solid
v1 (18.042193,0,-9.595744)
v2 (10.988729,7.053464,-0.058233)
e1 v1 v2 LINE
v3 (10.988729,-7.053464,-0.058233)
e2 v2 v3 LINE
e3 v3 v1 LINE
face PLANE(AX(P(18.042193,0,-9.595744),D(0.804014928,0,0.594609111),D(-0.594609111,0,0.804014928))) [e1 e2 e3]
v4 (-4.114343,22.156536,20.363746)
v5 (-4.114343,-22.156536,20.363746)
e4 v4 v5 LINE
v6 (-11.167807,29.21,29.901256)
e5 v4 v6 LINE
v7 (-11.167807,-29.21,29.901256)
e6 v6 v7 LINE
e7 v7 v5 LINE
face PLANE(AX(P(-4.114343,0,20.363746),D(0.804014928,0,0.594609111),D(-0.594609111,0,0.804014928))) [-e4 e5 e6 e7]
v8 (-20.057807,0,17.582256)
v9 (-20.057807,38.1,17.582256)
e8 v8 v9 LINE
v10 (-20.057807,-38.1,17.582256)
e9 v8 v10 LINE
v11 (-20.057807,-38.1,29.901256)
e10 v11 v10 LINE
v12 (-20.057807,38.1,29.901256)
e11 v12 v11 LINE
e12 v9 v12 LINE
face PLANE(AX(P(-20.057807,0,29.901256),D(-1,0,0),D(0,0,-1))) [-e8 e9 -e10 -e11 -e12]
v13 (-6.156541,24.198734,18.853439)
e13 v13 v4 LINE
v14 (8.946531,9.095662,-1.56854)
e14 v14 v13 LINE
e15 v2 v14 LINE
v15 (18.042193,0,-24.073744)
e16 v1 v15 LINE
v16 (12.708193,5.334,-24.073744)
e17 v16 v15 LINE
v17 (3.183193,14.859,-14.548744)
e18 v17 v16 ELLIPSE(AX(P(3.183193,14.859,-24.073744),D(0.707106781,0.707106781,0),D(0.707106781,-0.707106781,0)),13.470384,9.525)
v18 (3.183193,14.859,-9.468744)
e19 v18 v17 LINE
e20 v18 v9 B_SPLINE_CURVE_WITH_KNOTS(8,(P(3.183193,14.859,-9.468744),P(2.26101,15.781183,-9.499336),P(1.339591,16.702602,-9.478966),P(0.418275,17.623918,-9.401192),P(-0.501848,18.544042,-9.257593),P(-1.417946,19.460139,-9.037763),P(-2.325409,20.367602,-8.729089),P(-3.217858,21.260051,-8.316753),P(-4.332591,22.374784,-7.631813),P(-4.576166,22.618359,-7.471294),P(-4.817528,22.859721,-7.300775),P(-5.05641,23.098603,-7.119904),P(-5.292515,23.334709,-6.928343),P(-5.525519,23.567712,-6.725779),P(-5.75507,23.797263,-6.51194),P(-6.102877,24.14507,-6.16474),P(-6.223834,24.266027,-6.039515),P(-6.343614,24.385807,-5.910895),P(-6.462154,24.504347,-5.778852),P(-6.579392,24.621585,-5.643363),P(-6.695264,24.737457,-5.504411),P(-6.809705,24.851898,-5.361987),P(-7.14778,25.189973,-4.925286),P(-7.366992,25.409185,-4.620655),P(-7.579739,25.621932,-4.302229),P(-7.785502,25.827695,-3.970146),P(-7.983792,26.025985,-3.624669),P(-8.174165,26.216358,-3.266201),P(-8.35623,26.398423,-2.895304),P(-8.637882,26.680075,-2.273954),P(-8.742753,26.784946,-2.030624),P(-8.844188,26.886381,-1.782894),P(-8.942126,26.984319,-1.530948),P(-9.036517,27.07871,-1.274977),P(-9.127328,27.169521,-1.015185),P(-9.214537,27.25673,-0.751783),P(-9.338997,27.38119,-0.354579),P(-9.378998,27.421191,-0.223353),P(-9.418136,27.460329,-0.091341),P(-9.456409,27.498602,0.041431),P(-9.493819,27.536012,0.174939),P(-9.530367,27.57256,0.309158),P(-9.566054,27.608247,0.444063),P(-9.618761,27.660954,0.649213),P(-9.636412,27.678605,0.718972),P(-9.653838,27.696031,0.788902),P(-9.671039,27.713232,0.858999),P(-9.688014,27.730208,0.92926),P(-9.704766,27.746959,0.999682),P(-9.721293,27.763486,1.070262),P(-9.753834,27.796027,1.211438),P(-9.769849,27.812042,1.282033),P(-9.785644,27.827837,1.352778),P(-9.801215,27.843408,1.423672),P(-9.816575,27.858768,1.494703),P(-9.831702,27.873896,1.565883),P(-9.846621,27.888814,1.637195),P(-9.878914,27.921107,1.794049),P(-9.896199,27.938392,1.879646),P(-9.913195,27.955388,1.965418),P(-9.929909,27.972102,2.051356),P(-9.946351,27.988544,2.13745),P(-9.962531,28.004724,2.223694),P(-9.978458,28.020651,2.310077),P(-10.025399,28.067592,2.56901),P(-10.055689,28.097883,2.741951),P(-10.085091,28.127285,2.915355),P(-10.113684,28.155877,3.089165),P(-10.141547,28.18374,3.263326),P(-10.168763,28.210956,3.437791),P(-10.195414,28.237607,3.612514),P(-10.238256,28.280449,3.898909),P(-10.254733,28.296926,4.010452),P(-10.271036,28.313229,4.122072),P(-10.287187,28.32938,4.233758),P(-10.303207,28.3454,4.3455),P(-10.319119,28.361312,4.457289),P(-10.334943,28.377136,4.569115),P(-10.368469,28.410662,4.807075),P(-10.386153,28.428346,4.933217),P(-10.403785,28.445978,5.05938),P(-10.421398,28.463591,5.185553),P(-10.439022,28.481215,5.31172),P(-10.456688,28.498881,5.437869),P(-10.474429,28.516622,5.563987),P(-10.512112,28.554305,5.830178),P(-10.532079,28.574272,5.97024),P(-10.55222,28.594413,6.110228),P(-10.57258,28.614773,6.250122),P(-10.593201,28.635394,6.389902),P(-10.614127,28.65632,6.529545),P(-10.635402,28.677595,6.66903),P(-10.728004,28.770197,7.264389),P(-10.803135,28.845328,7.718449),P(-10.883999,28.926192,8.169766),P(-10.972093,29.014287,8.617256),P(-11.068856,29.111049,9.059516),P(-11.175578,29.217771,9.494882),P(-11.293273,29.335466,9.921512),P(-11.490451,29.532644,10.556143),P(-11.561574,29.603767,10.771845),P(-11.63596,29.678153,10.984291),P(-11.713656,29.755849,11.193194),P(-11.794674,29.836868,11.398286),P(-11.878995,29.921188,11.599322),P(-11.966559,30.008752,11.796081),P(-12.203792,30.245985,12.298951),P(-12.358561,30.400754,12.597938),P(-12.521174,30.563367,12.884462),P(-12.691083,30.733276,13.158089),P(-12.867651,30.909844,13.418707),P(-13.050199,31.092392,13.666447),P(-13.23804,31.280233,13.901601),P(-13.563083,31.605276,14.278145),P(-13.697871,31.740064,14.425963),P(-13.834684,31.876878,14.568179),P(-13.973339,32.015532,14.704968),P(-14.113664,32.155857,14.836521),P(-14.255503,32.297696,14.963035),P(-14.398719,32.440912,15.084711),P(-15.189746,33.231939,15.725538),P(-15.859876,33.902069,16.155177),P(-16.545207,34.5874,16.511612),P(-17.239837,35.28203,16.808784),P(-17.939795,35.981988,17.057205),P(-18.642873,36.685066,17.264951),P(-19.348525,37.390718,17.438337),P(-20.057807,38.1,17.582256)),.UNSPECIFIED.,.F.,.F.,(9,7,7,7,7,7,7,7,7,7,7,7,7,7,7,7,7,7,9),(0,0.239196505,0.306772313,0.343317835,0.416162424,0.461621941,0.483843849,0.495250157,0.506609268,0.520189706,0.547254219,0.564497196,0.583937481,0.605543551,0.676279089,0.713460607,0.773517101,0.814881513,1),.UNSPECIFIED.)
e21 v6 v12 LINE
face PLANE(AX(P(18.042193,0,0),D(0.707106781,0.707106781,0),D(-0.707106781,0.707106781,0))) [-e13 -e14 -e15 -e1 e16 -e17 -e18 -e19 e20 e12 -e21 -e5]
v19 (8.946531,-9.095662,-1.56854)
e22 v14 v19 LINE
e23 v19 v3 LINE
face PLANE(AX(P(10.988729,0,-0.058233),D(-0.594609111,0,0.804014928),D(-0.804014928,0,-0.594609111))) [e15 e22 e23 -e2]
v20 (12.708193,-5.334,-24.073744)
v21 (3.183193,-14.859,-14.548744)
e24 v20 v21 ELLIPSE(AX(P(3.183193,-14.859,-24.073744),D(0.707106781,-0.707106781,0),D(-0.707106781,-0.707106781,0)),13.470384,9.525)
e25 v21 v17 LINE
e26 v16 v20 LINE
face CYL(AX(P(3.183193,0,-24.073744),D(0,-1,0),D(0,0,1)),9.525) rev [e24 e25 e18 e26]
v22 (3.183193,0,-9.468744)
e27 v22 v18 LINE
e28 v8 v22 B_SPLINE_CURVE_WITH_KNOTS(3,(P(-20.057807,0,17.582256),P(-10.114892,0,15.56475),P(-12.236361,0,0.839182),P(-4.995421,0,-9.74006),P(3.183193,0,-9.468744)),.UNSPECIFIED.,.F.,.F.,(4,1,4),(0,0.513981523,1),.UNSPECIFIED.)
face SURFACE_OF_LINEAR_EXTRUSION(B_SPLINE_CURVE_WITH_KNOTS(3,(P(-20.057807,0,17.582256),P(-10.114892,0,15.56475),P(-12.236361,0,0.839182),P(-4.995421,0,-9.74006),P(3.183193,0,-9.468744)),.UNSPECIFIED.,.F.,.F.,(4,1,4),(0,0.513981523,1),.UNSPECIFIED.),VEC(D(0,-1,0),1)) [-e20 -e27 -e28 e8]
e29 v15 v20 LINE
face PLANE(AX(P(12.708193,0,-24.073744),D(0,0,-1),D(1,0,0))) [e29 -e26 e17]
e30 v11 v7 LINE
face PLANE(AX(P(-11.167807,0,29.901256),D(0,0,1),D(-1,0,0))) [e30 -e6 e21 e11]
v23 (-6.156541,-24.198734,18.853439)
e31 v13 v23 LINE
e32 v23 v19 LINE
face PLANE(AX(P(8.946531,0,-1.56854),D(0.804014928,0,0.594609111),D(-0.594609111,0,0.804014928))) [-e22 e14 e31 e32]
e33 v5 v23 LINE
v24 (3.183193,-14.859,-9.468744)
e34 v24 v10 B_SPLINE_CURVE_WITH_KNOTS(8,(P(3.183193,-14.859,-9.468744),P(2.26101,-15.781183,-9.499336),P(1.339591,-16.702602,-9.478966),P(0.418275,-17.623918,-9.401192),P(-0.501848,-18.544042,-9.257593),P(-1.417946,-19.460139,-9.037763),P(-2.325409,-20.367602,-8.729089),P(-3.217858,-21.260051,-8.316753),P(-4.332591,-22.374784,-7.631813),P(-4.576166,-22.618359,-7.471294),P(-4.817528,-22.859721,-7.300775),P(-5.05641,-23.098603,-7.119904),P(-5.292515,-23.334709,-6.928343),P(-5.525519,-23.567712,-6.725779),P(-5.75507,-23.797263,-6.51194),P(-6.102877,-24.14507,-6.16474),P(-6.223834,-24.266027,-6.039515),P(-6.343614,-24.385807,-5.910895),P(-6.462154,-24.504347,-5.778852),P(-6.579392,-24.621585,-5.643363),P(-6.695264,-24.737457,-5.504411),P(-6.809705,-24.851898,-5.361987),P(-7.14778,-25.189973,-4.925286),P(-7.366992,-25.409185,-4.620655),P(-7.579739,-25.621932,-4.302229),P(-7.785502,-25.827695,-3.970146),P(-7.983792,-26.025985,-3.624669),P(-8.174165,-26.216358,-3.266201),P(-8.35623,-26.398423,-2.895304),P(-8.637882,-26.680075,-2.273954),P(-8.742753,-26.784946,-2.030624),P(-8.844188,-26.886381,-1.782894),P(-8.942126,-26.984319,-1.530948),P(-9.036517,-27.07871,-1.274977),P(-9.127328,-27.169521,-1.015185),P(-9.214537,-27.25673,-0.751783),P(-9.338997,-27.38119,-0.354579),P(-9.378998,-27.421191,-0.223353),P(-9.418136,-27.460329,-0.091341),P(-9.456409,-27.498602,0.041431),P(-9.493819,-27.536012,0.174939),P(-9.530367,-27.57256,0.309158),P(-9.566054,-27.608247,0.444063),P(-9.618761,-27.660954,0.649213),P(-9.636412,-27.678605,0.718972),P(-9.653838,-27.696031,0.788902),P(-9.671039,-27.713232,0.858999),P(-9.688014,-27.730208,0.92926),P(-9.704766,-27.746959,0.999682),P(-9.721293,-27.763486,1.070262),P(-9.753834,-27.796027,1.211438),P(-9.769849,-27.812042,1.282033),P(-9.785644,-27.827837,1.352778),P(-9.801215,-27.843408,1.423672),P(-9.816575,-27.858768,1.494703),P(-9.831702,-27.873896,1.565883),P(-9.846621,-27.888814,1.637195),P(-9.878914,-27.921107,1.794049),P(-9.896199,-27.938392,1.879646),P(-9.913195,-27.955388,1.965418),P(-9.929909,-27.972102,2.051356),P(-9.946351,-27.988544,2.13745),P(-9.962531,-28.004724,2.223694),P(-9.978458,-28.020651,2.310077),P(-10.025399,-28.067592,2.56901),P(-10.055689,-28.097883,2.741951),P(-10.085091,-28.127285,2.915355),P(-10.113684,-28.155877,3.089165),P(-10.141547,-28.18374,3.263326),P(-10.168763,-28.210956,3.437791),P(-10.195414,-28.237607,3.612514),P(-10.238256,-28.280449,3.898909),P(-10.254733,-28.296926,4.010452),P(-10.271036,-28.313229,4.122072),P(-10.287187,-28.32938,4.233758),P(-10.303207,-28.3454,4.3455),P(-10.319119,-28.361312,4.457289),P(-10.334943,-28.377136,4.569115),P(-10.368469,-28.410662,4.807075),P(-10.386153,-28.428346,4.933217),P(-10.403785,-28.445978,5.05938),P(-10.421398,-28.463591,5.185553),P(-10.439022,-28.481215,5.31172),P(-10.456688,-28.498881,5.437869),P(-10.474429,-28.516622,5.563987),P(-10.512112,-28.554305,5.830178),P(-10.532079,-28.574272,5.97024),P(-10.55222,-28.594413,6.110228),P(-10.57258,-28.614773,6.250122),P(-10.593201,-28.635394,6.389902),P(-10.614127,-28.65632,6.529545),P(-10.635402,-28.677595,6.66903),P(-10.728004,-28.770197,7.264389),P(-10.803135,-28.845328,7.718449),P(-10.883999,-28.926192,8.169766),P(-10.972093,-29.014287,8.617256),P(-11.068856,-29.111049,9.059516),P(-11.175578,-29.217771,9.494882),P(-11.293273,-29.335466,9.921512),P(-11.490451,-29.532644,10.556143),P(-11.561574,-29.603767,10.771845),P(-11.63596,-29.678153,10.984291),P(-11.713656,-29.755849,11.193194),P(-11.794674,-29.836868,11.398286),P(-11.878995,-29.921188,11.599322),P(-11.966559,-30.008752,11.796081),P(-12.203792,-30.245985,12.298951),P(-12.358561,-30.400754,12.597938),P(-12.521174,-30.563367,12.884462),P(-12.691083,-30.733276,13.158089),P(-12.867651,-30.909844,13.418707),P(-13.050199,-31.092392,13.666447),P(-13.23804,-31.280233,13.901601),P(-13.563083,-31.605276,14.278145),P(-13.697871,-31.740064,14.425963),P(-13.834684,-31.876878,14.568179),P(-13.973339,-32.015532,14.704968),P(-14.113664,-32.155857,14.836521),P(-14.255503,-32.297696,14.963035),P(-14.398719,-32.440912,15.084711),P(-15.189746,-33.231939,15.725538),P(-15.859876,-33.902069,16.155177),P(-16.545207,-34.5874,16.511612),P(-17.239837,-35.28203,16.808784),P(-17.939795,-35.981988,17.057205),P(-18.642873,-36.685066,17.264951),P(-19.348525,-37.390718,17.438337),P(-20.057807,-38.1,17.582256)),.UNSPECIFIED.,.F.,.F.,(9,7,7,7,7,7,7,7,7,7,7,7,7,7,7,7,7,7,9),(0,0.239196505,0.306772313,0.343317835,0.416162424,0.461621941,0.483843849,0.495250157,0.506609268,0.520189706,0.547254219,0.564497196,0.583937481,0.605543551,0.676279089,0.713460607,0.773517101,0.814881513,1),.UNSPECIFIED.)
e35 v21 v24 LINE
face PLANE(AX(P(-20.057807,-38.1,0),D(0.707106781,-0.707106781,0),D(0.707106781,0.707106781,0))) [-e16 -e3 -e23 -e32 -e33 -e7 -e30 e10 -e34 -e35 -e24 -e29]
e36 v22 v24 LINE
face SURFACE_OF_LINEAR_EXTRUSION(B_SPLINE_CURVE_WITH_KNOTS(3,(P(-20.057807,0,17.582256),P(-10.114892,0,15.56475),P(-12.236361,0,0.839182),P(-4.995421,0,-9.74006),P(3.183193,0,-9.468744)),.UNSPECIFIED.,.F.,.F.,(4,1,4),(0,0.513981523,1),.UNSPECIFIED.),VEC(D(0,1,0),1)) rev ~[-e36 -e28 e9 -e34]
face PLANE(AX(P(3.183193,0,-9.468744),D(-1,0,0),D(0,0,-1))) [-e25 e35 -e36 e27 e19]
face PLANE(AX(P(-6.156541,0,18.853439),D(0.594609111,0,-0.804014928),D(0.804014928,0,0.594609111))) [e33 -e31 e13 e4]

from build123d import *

# Parameters (mm, degrees)
F1_DEPTH = 76.2
F3_DEPTH = 63.5


with BuildPart() as f1:
    # F0 (on Front) → F1 (new body, symmetric)
    with BuildSketch(Plane.XZ):
        with BuildLine():
            ThreePointArc((3.1831930964, -14.5487436358), (9.9183851872, -17.338551545), (12.7081930964, -24.0737436358))
            Line((12.7081930964, -24.0737436358), (18.0421930964, -24.0737436358))
            Line((18.0421930964, -24.0737436358), (18.0421930964, -9.5957436358))
            Line((18.0421930964, -9.5957436358), (10.9887288065, -0.0582332264))
            Line((10.9887288065, -0.0582332264), (8.9465308884, -1.5685403684))
            Line((8.9465308884, -1.5685403684), (-6.1565405318, 18.8534388128))
            Line((-6.1565405318, 18.8534388128), (-4.1143426137, 20.3637459548))
            Line((-4.1143426137, 20.3637459548), (-11.1678069036, 29.9012563642))
            Line((-11.1678069036, 29.9012563642), (-20.0578069036, 29.9012563642))
            Line((-20.0578069036, 29.9012563642), (-20.0578069036, 17.5822563642))
            add(Edge.make_bspline(
                [(-20.0578069036, 17.5822563642), (-10.1148920839, 15.5647495743), (-12.2363609879, 0.8391823706), (-4.9954212044, -9.7400596384), (3.1831930964, -9.4687436358)],
                knots=[0, 0, 0, 0, 0.513981523, 1, 1, 1, 1], degree=3))
            Line((3.1831930964, -9.4687436358), (3.1831930964, -14.5487436358))
        make_face()
    extrude(amount=F1_DEPTH, both=True)

    # F2 (on Top) → F3 (intersect, symmetric)
    with BuildSketch(Plane.XY):
        Polygon((18.0421930964, 0), (-20.0578069036, 38.1), (-20.0578069036, -38.1), align=None)
    extrude(amount=F3_DEPTH, both=True, mode=Mode.INTERSECT)


solid = f1.part
